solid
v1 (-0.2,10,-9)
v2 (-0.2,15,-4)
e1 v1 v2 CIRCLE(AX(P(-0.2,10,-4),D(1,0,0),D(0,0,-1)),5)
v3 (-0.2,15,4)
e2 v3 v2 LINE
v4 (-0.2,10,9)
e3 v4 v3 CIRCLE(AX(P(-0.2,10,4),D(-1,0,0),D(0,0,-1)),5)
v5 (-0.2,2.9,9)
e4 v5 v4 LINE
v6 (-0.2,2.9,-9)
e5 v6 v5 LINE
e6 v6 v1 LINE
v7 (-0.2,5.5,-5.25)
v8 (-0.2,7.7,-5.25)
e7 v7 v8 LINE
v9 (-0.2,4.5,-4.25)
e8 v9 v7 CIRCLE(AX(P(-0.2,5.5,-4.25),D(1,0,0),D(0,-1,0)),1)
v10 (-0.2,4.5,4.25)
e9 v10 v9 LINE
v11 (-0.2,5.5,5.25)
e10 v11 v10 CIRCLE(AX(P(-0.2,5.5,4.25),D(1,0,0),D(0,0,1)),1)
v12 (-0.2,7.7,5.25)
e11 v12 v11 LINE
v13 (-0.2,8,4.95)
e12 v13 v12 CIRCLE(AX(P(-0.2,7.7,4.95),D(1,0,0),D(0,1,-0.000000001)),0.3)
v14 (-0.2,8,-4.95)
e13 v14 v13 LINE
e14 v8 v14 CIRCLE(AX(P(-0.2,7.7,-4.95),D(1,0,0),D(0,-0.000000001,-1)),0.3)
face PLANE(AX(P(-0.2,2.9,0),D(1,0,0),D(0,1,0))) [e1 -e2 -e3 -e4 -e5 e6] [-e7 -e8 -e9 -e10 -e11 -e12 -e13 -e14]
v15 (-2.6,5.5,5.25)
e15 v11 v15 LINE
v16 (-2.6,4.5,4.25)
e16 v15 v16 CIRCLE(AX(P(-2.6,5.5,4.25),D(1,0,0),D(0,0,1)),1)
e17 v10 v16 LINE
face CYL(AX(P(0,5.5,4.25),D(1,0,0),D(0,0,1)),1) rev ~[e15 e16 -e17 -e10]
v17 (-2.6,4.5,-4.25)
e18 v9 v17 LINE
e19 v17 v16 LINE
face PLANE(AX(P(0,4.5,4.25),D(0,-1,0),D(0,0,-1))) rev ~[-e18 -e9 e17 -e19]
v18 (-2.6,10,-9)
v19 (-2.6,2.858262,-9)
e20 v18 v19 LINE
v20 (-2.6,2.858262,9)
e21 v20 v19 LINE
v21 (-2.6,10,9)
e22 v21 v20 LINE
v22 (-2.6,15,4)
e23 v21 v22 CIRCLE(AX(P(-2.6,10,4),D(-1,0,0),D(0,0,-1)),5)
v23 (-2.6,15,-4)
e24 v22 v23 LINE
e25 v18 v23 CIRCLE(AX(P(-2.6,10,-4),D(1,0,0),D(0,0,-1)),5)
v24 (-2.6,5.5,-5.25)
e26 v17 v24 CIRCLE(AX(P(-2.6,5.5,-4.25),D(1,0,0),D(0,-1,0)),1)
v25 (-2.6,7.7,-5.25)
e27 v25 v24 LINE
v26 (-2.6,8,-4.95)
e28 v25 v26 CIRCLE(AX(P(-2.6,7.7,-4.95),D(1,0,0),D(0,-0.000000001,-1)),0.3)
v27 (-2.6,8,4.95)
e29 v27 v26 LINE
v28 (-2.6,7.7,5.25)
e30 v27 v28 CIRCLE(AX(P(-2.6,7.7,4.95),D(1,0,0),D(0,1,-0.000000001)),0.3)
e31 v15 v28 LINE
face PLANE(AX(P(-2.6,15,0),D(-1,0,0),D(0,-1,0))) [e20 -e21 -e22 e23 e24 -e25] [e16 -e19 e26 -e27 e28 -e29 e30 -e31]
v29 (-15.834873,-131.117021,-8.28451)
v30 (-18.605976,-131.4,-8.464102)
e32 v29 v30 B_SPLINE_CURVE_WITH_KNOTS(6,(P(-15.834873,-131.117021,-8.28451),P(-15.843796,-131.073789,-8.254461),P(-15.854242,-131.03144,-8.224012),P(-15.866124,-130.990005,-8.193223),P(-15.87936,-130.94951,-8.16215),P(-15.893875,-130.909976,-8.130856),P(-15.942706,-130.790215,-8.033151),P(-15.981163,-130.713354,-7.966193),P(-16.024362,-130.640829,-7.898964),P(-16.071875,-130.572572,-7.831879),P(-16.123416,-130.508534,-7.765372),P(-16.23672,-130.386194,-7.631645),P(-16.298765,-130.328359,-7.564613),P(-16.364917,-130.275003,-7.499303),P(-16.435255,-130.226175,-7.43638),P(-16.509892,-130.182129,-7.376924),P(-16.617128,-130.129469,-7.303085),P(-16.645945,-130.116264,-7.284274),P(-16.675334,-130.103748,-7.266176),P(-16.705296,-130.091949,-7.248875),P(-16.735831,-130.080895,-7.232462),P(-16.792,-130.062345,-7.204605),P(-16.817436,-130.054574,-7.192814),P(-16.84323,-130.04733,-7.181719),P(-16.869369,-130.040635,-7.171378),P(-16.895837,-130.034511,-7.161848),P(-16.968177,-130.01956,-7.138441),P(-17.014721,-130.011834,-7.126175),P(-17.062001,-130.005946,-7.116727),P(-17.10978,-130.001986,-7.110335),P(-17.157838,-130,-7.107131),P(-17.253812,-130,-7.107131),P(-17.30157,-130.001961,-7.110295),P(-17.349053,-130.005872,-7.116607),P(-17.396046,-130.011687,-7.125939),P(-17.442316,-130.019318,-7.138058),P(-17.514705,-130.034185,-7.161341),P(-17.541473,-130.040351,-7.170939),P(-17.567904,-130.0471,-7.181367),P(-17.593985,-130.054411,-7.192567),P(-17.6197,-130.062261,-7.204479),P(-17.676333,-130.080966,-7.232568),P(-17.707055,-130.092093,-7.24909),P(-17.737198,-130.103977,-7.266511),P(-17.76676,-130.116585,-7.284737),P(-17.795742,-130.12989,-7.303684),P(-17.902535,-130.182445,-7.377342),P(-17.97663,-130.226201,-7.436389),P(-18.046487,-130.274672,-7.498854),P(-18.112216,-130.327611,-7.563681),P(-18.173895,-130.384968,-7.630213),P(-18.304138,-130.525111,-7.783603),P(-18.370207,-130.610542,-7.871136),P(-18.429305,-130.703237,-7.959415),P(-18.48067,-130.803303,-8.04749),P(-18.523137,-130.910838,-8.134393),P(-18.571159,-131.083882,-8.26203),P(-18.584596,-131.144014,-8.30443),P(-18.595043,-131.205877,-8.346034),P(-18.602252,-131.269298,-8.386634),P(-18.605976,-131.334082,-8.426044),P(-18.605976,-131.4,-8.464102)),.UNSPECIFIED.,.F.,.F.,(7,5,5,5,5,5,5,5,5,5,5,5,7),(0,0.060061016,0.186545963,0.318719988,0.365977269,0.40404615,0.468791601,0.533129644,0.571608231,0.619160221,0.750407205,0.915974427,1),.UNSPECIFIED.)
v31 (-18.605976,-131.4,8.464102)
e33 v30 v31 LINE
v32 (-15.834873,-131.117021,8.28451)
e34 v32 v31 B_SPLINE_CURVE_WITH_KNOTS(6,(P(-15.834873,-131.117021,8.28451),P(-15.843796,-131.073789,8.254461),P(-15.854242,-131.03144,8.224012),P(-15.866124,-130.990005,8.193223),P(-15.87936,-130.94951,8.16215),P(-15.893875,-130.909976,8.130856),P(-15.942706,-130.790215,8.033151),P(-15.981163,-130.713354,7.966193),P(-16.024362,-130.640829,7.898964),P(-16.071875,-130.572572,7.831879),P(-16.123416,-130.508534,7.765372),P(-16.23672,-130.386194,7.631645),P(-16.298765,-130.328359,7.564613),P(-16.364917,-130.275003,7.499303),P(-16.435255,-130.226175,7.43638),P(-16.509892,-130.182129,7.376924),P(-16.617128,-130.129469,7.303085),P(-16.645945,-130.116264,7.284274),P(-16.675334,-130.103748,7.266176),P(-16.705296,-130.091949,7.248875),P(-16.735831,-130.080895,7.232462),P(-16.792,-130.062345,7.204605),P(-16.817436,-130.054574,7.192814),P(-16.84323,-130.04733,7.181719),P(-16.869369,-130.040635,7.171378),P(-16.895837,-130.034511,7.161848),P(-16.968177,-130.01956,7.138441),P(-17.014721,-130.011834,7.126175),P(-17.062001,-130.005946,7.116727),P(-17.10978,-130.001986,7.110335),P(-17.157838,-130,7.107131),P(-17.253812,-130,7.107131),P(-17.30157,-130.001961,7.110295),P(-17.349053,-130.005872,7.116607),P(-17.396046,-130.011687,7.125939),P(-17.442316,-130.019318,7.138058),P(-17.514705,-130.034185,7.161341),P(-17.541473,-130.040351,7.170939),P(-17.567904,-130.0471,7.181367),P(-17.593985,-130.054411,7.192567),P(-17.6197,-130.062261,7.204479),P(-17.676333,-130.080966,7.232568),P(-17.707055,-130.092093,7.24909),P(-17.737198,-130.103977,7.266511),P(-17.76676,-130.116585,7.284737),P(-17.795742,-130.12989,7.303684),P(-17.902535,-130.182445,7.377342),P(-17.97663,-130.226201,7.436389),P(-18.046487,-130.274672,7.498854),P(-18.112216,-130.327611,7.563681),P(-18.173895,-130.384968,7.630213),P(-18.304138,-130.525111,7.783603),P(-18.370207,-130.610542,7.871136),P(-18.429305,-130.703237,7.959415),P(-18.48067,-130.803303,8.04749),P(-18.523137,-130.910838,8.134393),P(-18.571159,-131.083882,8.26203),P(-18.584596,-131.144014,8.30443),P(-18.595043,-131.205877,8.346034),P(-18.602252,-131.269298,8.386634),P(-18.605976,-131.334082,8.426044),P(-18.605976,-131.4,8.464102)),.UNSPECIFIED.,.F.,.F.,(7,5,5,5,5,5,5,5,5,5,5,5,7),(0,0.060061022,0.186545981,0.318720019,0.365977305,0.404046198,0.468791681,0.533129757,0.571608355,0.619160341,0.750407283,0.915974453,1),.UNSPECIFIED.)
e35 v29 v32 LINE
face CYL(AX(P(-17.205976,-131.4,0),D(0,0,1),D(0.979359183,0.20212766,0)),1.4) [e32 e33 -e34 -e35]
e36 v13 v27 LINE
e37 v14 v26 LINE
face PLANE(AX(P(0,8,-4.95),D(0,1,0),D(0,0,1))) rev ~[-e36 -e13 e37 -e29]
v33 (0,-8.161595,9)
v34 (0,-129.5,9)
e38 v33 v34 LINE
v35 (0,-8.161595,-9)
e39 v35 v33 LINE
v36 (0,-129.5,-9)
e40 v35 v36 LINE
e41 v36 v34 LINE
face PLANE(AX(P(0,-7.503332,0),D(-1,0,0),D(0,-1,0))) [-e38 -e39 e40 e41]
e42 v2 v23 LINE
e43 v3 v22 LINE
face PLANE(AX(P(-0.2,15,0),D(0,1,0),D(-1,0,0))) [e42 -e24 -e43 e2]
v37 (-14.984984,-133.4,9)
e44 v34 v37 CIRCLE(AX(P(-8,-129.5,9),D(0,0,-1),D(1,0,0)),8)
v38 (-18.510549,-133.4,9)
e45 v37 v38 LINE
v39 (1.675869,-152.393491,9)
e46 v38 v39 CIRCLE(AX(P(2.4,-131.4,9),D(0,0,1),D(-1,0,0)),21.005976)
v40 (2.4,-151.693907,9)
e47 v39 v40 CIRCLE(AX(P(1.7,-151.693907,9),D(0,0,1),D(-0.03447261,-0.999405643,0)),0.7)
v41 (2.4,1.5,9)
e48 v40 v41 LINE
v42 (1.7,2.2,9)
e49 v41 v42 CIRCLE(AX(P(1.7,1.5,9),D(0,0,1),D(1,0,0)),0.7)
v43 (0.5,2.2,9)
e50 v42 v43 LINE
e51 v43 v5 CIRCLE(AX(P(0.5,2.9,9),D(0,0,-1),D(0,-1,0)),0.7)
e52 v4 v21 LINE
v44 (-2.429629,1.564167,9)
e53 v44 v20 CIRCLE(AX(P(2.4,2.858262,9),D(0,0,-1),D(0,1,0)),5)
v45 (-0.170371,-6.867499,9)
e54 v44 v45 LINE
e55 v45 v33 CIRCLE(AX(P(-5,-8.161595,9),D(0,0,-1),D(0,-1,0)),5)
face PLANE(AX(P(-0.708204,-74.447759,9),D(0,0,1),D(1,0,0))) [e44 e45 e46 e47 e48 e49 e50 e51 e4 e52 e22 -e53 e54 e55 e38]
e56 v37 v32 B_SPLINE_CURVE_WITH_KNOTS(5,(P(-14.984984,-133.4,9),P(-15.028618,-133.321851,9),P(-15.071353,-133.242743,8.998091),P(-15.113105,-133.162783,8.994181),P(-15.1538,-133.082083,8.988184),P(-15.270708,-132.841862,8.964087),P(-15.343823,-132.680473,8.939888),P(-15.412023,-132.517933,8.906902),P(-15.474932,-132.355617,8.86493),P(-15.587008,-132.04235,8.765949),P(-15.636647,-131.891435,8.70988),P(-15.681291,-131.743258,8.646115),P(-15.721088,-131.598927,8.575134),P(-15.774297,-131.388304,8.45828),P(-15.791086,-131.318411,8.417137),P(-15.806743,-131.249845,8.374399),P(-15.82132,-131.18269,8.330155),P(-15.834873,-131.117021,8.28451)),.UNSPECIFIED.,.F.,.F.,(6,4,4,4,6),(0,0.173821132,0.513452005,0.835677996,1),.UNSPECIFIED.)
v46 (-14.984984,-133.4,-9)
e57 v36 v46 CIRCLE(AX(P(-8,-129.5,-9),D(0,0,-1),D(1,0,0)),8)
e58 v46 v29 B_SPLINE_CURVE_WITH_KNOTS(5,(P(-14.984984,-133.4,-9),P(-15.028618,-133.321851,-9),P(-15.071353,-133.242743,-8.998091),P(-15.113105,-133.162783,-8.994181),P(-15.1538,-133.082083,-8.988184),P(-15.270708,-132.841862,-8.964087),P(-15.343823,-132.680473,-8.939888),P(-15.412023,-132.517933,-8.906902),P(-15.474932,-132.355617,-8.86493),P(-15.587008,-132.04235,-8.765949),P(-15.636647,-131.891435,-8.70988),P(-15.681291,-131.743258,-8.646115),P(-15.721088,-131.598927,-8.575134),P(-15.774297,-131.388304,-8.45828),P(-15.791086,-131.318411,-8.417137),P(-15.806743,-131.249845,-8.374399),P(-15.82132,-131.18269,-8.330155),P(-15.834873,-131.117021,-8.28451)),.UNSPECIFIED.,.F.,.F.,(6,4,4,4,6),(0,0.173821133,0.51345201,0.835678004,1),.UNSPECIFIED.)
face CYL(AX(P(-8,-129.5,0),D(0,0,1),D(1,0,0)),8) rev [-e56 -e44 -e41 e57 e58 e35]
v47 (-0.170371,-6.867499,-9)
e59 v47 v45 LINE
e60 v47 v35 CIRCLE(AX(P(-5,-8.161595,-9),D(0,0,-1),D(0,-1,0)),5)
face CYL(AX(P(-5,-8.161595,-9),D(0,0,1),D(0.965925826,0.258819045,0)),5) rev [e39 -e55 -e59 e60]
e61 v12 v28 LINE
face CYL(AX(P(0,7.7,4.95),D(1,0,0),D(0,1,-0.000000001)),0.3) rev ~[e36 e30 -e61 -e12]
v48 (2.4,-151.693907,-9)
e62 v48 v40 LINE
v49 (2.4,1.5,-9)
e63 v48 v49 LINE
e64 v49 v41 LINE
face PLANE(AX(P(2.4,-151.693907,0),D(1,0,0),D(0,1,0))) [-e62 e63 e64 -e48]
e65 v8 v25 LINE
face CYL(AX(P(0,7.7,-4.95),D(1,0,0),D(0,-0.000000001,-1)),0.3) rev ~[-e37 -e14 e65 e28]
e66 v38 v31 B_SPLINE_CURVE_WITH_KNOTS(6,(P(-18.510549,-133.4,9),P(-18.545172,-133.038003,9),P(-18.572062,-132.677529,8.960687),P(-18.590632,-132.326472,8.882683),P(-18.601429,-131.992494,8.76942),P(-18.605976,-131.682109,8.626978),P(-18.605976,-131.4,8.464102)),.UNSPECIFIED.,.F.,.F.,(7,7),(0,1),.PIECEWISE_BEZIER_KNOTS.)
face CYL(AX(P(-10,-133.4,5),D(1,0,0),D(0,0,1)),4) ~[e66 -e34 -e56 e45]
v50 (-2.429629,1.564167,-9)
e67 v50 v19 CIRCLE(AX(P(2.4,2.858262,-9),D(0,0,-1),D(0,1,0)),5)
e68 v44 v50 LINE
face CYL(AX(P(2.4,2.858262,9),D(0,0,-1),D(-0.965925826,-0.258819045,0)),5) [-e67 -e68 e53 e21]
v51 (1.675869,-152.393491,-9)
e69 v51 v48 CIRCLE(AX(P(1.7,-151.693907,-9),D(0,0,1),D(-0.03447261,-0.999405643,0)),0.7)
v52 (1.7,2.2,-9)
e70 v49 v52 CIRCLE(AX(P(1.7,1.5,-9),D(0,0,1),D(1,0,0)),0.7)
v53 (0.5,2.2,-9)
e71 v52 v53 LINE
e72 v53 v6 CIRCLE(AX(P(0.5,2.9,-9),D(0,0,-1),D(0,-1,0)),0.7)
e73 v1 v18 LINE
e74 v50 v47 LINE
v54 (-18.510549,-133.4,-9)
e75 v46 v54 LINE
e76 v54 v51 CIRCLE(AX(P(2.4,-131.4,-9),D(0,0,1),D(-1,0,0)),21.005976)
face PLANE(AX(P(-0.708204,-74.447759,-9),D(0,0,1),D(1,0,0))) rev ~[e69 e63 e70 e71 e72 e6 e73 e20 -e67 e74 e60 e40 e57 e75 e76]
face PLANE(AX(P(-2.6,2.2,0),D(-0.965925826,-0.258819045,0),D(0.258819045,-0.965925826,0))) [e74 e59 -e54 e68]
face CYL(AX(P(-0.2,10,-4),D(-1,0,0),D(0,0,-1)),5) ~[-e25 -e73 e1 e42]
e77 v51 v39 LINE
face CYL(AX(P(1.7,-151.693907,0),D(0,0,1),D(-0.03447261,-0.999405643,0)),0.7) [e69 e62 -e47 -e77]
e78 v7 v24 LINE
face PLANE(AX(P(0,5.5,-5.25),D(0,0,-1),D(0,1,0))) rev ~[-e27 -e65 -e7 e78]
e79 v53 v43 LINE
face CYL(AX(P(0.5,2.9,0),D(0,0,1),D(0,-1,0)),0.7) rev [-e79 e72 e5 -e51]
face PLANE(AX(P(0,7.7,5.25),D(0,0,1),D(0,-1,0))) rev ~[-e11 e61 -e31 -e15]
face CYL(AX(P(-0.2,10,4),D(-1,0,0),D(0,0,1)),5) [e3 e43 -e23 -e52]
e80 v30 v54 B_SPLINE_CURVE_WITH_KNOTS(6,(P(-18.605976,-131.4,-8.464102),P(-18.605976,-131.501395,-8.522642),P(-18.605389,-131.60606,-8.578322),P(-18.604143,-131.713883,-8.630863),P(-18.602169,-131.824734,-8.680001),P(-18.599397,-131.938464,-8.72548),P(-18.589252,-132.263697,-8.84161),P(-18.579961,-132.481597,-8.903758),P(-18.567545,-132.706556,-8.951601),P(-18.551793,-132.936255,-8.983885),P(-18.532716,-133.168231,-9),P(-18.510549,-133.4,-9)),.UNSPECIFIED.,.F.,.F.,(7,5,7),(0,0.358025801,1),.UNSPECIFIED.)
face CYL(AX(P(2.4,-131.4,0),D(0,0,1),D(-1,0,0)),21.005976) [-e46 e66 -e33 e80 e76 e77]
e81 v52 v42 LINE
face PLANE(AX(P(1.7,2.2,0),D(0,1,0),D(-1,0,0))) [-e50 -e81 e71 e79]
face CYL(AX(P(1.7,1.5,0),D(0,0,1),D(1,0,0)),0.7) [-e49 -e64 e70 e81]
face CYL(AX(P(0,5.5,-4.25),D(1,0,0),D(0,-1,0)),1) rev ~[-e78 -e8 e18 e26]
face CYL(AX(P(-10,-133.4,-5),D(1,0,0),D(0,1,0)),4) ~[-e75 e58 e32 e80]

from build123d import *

# Parameters (mm, degrees)
F1_DEPTH = 9
F2_R     = 5
F4_START = -10
F4_DEPTH = 20
F6_DEPTH = 10
F7_R     = 5


with BuildPart() as f1:
    # F0 (on Top) → F1 (new body, symmetric)
    with BuildSketch(Plane.XY):
        with BuildLine():
            Line((-2.6, 2.2), (0, -7.5033320997))
            Line((0, -7.5033320997), (0, -129.5))
            ThreePointArc((0, -129.5), (-7.1872847082, -137.4586113019), (-15.8348734636, -131.1170212766))
            ThreePointArc((-15.8348734636, -131.1170212766), (-17.3482014958, -130.0072430222), (-18.6059763198, -131.4))
            ThreePointArc((-18.6059763198, -131.4), (-12.7073180305, -145.995204112), (1.6758691731, -152.3934912697))
            ThreePointArc((1.6758691731, -152.3934912697), (2.1863683898, -152.1973413167), (2.4, -151.6939073197))
            Line((2.4, -151.6939073197), (2.4, 1.5))
            ThreePointArc((2.4, 1.5), (2.1949747468, 1.9949747468), (1.7, 2.2))
            Line((1.7, 2.2), (0.5, 2.2))
            ThreePointArc((0.5, 2.2), (0.0050252532, 2.4050252532), (-0.2, 2.9))
            Line((-0.2, 2.9), (-0.2, 15))
            Line((-0.2, 15), (-2.6, 15))
            Line((-2.6, 15), (-2.6, 2.2))
        make_face()
    extrude(amount=F1_DEPTH, both=True)

    # F2
    f2_edges = [f1.edges().sort_by_distance(p)[0] for p in [
        (-2.6, 2.2, 0),
        (0, -7.503332, 0),
    ]]
    fillet(f2_edges, radius=F2_R)

    # F3 (on Right) → F4 (cut)
    with BuildSketch(Plane.YZ.offset(F4_START)):
        with BuildLine():
            ThreePointArc((-129.4, -5), (-130.5715728753, -7.8284271247), (-133.4, -9))
            Line((-133.4, -9), (-133.4, -10))
            Line((-133.4, -10), (-128.4, -10))
            Line((-128.4, -10), (-128.4, 10))
            Line((-128.4, 10), (-133.4, 10))
            Line((-133.4, 10), (-133.4, 9))
            ThreePointArc((-133.4, 9), (-130.5715728753, 7.8284271247), (-129.4, 5))
            Line((-129.4, 5), (-129.4, -5))
        make_face()
    extrude(amount=-F4_DEPTH, mode=Mode.SUBTRACT)

    # F5 (on Right) → F6 (cut)
    with BuildSketch(Plane.YZ):
        with BuildLine():
            ThreePointArc((7.7, -5.25), (7.9121320344, -5.1621320344), (8, -4.95))
            Line((8, -4.95), (8, 4.95))
            ThreePointArc((8, 4.95), (7.9121320344, 5.1621320344), (7.7, 5.25))
            Line((7.7, 5.25), (5.5, 5.25))
            ThreePointArc((5.5, 5.25), (4.7928932188, 4.9571067812), (4.5, 4.25))
            Line((4.5, 4.25), (4.5, -4.25))
            ThreePointArc((4.5, -4.25), (4.7928932188, -4.9571067812), (5.5, -5.25))
            Line((5.5, -5.25), (7.7, -5.25))
        make_face()
    extrude(amount=-F6_DEPTH, mode=Mode.SUBTRACT)

    # F7
    f7_edges = [f1.edges().sort_by_distance(p)[0] for p in [
        (-1.4, 15, -9),
        (-1.4, 15, 9),
    ]]
    fillet(f7_edges, radius=F7_R)


solid = f1.part
